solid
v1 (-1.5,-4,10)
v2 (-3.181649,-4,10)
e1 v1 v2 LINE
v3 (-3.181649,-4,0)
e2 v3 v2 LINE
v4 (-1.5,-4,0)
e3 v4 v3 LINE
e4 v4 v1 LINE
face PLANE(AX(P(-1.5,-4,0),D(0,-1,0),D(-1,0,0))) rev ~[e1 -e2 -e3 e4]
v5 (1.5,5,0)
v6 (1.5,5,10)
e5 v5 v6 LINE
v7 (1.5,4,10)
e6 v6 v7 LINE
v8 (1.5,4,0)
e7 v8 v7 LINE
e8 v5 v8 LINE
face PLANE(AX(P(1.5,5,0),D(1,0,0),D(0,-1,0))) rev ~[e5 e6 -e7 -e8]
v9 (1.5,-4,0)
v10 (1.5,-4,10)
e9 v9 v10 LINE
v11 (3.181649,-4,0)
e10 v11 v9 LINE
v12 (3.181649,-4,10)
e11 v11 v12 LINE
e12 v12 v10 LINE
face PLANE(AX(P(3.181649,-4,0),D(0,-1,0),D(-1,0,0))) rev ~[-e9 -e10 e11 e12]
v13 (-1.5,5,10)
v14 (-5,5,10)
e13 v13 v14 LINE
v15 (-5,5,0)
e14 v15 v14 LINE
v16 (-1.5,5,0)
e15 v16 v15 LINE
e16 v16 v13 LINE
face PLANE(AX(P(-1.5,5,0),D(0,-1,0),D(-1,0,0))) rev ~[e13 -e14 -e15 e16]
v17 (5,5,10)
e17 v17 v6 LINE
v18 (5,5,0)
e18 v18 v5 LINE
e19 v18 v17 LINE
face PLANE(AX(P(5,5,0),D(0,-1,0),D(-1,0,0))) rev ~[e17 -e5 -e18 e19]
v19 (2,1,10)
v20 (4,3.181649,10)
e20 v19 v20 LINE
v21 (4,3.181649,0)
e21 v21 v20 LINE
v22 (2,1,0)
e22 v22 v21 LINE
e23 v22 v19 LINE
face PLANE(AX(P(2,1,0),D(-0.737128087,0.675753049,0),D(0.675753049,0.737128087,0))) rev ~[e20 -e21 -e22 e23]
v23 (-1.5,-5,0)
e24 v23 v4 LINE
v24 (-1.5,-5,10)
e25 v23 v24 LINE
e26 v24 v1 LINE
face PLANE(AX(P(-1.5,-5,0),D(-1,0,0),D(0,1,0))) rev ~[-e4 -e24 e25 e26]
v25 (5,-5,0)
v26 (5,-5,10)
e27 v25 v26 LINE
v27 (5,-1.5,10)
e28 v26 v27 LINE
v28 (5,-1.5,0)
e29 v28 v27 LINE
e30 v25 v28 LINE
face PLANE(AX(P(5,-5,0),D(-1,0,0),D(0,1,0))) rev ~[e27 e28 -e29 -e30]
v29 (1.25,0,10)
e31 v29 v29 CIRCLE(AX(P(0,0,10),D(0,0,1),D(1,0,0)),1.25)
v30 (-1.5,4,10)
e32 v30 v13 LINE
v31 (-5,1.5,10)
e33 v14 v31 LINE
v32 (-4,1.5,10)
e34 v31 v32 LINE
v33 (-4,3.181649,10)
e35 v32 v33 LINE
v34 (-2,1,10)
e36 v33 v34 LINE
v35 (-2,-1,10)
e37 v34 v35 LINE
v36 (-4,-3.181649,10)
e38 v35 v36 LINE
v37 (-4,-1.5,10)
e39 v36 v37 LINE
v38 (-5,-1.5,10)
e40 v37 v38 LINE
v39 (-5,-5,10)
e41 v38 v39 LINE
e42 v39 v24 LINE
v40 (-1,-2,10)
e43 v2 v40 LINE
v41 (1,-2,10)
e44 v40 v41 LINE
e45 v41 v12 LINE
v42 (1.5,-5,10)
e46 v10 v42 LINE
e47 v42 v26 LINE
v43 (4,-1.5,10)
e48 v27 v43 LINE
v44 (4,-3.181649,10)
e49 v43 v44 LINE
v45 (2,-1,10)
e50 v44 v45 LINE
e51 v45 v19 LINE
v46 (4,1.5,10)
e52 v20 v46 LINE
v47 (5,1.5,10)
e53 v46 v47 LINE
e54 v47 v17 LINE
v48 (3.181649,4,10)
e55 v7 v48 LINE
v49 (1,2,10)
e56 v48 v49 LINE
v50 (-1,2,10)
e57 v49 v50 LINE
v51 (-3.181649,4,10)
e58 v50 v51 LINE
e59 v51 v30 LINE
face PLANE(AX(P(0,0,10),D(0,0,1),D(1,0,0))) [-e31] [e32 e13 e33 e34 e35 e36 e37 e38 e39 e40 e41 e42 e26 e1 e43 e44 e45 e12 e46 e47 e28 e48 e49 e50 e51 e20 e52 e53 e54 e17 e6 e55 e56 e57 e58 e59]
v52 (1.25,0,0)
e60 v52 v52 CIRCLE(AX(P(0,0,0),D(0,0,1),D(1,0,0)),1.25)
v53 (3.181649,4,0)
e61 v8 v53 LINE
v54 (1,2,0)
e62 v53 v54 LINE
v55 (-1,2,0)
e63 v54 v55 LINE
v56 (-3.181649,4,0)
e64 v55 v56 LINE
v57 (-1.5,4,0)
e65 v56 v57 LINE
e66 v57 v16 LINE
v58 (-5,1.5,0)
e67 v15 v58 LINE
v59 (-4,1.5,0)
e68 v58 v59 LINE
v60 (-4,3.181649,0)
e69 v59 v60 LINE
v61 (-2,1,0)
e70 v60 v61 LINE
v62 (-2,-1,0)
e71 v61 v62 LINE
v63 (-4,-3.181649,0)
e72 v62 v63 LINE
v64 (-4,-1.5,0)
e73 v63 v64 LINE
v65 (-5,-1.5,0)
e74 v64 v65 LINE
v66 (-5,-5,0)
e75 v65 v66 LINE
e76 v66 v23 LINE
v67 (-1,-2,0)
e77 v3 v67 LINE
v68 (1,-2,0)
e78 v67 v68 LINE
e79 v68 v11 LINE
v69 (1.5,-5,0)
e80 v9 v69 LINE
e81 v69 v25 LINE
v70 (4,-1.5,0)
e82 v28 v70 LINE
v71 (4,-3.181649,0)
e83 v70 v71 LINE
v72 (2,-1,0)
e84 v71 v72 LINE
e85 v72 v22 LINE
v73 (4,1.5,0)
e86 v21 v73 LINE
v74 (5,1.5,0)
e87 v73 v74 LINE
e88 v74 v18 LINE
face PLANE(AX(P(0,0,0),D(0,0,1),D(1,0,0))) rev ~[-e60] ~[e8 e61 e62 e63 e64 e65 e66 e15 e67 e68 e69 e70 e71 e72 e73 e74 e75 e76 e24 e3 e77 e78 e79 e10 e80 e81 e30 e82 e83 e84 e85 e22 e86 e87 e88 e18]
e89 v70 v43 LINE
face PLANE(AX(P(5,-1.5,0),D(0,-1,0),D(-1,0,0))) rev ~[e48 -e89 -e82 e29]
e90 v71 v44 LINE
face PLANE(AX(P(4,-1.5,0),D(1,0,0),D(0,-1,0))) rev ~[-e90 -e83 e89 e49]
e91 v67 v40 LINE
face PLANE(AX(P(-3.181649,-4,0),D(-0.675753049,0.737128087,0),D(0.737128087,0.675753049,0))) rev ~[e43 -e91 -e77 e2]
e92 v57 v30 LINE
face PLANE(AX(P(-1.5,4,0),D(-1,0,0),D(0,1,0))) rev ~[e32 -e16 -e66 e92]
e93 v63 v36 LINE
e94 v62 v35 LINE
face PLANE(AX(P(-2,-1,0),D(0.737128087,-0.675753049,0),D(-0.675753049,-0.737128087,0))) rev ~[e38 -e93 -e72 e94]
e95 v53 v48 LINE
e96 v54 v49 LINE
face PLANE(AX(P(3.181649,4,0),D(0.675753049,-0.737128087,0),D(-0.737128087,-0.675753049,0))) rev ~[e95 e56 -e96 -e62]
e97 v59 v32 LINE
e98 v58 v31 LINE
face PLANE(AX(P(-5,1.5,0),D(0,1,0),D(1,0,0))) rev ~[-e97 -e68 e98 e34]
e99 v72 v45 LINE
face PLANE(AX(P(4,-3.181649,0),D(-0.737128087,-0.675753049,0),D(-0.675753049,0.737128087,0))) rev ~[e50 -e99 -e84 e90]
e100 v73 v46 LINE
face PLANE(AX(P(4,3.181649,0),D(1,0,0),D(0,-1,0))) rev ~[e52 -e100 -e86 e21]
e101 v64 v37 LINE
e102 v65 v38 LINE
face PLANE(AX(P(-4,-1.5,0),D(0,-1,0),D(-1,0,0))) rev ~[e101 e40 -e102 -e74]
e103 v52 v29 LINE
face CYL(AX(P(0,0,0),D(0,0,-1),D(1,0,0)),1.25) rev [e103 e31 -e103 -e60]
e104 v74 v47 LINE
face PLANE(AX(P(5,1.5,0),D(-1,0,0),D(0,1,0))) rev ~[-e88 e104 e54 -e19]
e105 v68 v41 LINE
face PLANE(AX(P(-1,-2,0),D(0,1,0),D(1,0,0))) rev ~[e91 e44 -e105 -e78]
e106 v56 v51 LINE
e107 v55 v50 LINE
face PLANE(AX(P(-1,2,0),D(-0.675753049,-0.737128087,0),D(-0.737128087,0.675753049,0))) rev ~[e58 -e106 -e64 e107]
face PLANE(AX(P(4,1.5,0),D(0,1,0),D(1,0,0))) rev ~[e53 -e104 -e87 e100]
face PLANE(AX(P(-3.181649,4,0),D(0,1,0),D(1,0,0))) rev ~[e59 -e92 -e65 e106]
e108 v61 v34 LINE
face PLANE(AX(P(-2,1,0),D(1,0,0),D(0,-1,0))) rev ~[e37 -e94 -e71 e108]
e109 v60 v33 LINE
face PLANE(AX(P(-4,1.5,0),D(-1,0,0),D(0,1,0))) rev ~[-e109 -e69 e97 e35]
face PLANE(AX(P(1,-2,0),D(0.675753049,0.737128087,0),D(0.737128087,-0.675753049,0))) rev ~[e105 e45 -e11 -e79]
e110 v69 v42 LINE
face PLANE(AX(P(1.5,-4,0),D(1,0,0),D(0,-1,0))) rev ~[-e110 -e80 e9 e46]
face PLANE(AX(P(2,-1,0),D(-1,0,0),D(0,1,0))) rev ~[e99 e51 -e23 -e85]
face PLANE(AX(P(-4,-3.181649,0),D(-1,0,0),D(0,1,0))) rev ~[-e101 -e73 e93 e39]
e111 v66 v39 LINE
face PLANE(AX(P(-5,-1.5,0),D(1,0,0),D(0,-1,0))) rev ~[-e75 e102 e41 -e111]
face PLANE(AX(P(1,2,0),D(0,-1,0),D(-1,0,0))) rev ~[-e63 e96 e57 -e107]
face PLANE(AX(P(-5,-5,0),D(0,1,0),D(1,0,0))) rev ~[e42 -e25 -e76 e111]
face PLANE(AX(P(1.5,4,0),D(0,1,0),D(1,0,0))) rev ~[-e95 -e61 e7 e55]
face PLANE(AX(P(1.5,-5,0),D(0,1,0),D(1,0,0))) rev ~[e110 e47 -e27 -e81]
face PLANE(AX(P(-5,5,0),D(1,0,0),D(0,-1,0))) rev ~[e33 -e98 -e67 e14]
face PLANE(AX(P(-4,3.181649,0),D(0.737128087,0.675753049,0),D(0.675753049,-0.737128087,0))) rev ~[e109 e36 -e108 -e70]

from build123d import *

# Parameters (mm, degrees)
SKETCH1_R           = 1.25
BOSS_EXTRUDE2_DEPTH = 10


with BuildPart() as part:
    # Sketch1 → Boss-Extrude2 (new body)
    with BuildSketch(Plane.XY):
        Polygon((-4, 3.181649314), (-2, 1), (-2, 0), (-2, -1), (-4, -3.181649314), (-4, -1.5), (-5, -1.5), (-5, -5), (-1.5, -5), (-1.5, -4), (-3.181649314, -4), (-1, -2), (0, -2), (1, -2), (3.181649314, -4), (1.5, -4), (1.5, -5), (5, -5), (5, -1.5), (4, -1.5), (4, -3.181649314), (2, -1), (2, 0), (2, 1), (4, 3.181649314), (4, 1.5), (5, 1.5), (5, 5), (1.5, 5), (1.5, 4), (3.181649314, 4), (1, 2), (0, 2), (-1, 2), (-3.181649314, 4), (-1.5, 4), (-1.5, 5), (-5, 5), (-5, 1.5), (-4, 1.5), align=None)
        Circle(SKETCH1_R, mode=Mode.SUBTRACT)
    extrude(amount=BOSS_EXTRUDE2_DEPTH)


solid = part.part
